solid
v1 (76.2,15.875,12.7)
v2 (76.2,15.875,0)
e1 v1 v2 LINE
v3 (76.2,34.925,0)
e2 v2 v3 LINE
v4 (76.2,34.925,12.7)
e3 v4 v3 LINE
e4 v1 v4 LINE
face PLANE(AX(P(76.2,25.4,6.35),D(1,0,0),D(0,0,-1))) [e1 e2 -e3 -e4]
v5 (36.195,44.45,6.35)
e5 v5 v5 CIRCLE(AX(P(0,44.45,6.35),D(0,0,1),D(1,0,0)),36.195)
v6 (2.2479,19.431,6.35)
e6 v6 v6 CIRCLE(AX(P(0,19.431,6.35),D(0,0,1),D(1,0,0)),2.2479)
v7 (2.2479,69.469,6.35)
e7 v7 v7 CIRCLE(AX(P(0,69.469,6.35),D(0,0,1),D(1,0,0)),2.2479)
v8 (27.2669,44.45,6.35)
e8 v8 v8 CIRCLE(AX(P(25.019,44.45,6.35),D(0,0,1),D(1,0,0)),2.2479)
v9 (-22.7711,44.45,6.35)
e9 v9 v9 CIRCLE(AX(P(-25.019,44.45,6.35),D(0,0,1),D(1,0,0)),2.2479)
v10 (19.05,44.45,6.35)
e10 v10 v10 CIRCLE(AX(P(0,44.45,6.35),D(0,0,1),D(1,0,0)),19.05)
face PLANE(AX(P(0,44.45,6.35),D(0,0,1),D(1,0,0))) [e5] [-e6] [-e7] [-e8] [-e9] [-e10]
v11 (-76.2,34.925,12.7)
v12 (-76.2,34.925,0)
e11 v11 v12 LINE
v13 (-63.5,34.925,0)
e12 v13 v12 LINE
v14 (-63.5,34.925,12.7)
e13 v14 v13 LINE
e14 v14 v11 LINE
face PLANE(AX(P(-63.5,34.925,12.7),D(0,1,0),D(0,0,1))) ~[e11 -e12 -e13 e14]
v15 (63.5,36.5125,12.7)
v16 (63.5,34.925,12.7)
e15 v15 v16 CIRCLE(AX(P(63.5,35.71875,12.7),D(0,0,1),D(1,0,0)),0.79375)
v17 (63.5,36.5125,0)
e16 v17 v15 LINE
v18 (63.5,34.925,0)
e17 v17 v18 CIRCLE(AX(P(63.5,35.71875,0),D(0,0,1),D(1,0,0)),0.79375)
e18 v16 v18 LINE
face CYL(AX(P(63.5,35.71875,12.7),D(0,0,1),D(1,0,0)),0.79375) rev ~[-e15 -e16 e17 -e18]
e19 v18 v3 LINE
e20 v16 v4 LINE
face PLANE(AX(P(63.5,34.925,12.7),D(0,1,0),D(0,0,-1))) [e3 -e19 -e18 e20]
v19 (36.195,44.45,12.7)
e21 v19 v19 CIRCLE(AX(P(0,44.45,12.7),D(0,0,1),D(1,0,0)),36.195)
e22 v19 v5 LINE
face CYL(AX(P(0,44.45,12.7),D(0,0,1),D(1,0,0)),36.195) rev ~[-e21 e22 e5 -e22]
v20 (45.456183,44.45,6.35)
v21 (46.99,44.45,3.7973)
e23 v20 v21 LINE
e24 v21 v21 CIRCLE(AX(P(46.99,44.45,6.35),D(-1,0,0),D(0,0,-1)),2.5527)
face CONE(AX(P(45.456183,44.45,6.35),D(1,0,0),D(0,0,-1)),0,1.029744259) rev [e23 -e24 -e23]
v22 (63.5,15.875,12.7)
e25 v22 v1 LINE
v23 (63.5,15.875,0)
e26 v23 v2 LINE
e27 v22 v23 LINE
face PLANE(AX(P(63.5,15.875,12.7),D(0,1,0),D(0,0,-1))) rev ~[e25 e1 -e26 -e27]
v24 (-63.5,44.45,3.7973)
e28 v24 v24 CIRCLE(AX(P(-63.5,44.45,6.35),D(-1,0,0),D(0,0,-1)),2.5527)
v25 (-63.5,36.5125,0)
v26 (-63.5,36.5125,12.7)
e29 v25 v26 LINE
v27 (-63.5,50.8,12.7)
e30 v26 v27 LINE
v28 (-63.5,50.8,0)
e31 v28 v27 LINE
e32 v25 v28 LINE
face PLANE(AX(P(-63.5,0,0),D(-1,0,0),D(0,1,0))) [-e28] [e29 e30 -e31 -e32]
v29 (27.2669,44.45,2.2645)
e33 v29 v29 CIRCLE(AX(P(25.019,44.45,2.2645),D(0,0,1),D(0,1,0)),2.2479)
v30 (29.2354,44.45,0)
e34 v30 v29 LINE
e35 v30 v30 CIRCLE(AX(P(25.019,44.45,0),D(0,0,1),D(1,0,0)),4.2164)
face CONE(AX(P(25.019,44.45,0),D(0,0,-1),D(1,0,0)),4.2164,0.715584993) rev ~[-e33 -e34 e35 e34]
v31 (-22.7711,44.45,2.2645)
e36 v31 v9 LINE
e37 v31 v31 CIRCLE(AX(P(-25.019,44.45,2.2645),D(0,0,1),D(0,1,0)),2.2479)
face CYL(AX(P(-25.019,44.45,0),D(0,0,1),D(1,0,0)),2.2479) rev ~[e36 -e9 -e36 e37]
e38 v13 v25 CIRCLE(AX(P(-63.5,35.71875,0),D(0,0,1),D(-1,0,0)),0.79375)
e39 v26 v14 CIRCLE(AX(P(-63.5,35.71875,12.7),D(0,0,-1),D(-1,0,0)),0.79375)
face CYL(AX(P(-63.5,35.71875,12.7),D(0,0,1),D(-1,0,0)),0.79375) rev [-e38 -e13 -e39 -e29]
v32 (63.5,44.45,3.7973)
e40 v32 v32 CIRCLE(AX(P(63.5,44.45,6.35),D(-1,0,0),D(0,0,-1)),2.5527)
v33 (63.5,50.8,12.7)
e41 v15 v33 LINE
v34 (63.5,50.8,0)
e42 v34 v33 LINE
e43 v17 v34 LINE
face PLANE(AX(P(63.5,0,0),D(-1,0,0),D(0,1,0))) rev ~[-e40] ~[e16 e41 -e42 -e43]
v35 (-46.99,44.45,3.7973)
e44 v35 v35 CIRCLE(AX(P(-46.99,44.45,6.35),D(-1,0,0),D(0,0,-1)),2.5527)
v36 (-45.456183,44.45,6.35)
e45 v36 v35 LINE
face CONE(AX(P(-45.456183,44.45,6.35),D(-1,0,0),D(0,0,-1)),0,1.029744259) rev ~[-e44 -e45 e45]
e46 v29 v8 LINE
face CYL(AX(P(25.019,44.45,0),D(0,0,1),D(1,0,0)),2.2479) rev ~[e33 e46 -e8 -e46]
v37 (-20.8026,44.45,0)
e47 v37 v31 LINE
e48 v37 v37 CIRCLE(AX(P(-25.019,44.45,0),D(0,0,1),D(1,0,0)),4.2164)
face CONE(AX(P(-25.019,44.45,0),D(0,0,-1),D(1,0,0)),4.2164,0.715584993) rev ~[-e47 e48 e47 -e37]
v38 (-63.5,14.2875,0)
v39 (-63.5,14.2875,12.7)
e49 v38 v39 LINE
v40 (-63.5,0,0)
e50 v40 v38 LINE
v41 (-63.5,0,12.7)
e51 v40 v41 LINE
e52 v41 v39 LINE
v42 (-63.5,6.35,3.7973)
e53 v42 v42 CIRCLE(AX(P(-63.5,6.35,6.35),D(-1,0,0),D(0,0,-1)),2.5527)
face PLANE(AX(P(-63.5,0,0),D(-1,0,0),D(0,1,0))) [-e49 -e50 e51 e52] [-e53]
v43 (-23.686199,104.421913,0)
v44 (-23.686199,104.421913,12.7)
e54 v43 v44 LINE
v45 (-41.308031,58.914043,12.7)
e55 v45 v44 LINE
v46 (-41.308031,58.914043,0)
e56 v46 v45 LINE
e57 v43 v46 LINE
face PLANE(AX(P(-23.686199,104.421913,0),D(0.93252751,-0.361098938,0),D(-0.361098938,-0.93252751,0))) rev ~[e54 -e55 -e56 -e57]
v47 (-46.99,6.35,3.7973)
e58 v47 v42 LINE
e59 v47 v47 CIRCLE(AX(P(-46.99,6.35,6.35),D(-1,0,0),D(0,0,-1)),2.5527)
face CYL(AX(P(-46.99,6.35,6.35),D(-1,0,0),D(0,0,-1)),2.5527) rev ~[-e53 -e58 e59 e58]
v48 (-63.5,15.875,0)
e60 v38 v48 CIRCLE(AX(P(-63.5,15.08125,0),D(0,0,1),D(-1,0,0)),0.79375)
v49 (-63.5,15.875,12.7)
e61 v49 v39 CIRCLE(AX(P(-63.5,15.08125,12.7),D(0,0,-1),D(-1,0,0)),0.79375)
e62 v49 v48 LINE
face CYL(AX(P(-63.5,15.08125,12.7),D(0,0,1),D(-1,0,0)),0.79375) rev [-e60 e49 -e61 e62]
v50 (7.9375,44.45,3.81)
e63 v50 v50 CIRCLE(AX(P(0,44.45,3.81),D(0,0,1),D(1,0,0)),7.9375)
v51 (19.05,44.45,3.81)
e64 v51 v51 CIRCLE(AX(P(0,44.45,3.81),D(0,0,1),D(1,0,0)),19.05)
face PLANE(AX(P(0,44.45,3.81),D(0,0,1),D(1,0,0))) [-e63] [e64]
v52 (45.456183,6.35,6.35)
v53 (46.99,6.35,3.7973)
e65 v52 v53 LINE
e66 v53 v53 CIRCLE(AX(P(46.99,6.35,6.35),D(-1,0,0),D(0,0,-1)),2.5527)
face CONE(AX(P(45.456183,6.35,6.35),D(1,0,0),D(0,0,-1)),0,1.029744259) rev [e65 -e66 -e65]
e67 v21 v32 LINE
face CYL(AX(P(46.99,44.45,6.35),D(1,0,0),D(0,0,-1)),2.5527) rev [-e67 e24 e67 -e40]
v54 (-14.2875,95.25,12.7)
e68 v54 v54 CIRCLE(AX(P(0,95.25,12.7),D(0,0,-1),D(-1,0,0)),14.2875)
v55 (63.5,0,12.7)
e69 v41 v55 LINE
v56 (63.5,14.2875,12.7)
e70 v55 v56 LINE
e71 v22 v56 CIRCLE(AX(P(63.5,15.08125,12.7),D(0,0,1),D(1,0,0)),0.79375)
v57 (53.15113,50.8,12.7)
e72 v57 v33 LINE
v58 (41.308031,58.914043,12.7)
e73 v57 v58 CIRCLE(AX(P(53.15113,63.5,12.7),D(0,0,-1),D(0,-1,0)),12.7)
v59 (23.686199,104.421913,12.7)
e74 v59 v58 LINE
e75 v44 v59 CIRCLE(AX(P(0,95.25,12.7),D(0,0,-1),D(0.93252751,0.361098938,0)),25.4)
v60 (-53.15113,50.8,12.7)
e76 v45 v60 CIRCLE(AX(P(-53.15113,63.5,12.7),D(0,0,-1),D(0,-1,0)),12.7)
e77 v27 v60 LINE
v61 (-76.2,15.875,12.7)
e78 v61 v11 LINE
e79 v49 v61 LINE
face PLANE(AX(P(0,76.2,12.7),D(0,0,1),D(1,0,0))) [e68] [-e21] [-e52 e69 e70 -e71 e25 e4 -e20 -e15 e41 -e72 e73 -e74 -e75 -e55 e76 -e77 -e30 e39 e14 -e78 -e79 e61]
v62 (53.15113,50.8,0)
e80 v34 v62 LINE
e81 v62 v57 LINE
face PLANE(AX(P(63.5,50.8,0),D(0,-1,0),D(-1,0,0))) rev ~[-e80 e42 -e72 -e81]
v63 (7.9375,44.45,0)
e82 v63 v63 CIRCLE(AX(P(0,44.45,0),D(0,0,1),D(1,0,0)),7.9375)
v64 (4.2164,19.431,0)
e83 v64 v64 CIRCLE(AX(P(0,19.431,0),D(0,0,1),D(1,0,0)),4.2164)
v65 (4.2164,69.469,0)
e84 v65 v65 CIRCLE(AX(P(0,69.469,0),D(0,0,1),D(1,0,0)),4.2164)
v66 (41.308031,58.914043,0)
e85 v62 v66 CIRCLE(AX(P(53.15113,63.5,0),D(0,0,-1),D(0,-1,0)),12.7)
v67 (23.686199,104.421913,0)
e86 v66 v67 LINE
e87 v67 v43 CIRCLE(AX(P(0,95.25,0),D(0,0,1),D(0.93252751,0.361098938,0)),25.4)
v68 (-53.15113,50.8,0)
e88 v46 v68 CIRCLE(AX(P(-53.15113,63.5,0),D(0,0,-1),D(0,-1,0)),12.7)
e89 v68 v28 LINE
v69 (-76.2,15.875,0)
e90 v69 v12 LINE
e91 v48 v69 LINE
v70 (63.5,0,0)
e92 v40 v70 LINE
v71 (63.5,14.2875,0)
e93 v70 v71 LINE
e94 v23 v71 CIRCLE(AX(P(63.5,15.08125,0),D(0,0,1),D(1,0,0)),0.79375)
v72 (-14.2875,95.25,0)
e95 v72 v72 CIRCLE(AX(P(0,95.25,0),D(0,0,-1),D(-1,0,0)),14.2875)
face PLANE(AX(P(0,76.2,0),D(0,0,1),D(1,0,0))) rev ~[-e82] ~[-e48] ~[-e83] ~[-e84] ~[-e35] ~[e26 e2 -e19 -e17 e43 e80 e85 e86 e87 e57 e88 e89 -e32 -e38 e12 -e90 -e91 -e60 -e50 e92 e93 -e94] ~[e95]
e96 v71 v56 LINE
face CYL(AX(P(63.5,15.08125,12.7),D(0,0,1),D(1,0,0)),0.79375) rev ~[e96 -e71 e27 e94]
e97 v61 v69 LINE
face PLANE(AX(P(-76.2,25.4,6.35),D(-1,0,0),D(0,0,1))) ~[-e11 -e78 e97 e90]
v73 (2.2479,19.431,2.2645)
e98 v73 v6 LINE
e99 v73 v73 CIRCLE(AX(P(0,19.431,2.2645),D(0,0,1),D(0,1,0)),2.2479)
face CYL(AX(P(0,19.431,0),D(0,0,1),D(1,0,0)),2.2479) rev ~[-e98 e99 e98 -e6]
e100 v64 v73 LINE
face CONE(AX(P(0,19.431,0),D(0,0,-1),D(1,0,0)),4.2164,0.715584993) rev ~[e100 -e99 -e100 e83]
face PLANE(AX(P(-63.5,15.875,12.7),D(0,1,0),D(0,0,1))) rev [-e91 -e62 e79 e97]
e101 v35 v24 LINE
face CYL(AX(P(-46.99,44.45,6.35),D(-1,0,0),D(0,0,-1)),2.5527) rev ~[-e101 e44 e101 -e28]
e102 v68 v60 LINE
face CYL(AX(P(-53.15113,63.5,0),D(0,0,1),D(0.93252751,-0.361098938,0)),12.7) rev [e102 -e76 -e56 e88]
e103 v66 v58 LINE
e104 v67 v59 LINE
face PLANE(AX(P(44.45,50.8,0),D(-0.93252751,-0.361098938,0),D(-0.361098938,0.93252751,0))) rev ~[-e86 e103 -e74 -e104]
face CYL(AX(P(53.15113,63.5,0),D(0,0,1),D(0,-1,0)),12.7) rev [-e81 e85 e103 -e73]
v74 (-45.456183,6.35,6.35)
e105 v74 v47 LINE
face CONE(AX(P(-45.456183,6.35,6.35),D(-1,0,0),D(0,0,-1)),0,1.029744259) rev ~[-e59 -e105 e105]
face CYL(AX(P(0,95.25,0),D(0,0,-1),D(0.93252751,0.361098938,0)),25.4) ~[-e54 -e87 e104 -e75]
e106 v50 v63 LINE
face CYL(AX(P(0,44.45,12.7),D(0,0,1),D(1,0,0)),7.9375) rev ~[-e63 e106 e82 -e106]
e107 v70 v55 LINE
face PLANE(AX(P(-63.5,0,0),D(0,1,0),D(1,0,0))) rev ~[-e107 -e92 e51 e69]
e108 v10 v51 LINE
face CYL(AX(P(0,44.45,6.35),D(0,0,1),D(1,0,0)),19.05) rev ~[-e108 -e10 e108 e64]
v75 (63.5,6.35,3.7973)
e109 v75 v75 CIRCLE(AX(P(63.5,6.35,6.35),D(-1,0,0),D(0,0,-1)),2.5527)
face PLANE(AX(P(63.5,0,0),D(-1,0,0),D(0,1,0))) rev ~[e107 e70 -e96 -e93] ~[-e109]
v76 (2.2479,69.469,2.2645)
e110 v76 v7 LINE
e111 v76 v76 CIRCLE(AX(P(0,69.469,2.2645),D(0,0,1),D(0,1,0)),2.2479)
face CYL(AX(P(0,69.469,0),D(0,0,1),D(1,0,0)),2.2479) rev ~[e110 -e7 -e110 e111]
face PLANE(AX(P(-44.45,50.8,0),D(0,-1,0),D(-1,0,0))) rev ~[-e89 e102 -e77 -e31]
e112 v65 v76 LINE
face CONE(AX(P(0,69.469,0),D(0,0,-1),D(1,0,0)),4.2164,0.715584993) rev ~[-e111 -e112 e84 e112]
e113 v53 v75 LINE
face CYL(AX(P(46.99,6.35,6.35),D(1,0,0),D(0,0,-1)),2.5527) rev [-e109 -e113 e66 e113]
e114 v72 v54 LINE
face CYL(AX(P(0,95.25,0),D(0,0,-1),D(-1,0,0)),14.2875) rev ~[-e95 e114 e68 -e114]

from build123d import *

# Parameters (mm, degrees)
SKETCH1_W                                      = 127
SKETCH1_H                                      = 152.4
BOSS_EXTRUDE1_DEPTH                            = 12.7
SKETCH2_R                                      = 14.2875
CUT_EXTRUDE1_DEPTH                             = 13.7
SKETCH3_R                                      = 7.9375
SKETCH3_R_2                                    = 1.016
CUT_EXTRUDE2_DEPTH                             = 13.7
SKETCH4_R                                      = 36.195
CUT_EXTRUDE3_DEPTH                             = 6.35
SKETCH5_R                                      = 19.05
CUT_EXTRUDE4_DEPTH                             = 2.54
CSK_FOR_8_FLAT_HEAD_MACHINE_SCREW1_D           = 4.4958
CSK_FOR_8_FLAT_HEAD_MACHINE_SCREW1_CSINK_D     = 8.4328
CSK_FOR_8_FLAT_HEAD_MACHINE_SCREW1_CSINK_ANGLE = 82
FILLET1_R                                      = 12.7
F_1_4_20_TAPPED_HOLE1_AT_2_COUNT               = 2
F_1_4_20_TAPPED_HOLE1_AT_2_PITCH               = 38.1
SKETCH10_W                                     = 12.7
SKETCH10_H                                     = 19.05
BOSS_EXTRUDE2_DEPTH                            = 12.7
SKETCH11_R                                     = 0.79375
CUT_EXTRUDE5_DEPTH                             = 13.7


with BuildPart() as part:
    # Sketch1 → Boss-Extrude1 (new body)
    with BuildSketch(Plane.XY):
        with Locations((0, 76.2)):
            Rectangle(SKETCH1_W, SKETCH1_H)
    extrude(amount=BOSS_EXTRUDE1_DEPTH)

    # Sketch2 → Cut-Extrude1 (cut, through all)
    with BuildSketch(Plane(origin=(0, 0, 0), x_dir=(-1, 0, 0), z_dir=(0, 0, -1))):
        with BuildLine():
            Line((44.45, 50.8), (63.5, 50.8))
            Line((63.5, 50.8), (63.5, 152.4))
            Line((63.5, 152.4), (-63.5, 152.4))
            Line((-63.5, 152.4), (-63.5, 50.8))
            Line((-63.5, 50.8), (-44.45, 50.8))
            Line((-44.45, 50.8), (-23.686198751, 104.421913036))
            ThreePointArc((-23.686198751, 104.421913036), (0, 120.65), (23.686198751, 104.421913036))
            Line((23.686198751, 104.421913036), (44.45, 50.8))
        make_face()
        with Locations((0, 95.25)):
            Circle(SKETCH2_R)
    extrude(amount=-CUT_EXTRUDE1_DEPTH, mode=Mode.SUBTRACT)

    # Sketch3 → Cut-Extrude2 (cut, through all)
    with BuildSketch(Plane.XY.offset(12.7)):
        with Locations((0, 44.45)):
            Circle(SKETCH3_R)
        with Locations((-25.019, 44.45)):
            Circle(SKETCH3_R_2)
        with Locations((25.019, 44.45)):
            Circle(SKETCH3_R_2)
        with Locations((0, 69.469)):
            Circle(SKETCH3_R_2)
        with Locations((0, 19.431)):
            Circle(SKETCH3_R_2)
    extrude(amount=-CUT_EXTRUDE2_DEPTH, mode=Mode.SUBTRACT)

    # Sketch4 → Cut-Extrude3 (cut)
    with BuildSketch(Plane.XY.offset(12.7)):
        with Locations((0, 44.45)):
            Circle(SKETCH4_R)
    extrude(amount=-CUT_EXTRUDE3_DEPTH, mode=Mode.SUBTRACT)

    # Sketch5 → Cut-Extrude4 (cut)
    with BuildSketch(Plane.XY.offset(6.35)):
        with Locations((0, 44.45)):
            Circle(SKETCH5_R)
    extrude(amount=-CUT_EXTRUDE4_DEPTH, mode=Mode.SUBTRACT)

    # CSK for #8 Flat Head Machine Screw1 (through all)
    with Locations(Plane(origin=(0, 0, 0), x_dir=(-1, 0, 0), z_dir=(0, 0, -1))):
        with Locations((0, 69.469), (25.019, 44.45), (0, 19.431), (-25.019, 44.45)):
            CounterSinkHole(CSK_FOR_8_FLAT_HEAD_MACHINE_SCREW1_D / 2, CSK_FOR_8_FLAT_HEAD_MACHINE_SCREW1_CSINK_D / 2, counter_sink_angle=CSK_FOR_8_FLAT_HEAD_MACHINE_SCREW1_CSINK_ANGLE)

    # Fillet1
    fillet1_edges = [part.edges().sort_by_distance(p)[0] for p in [
        (44.45, 50.8, 6.35),
        (-44.45, 50.8, 6.35),
    ]]
    fillet(fillet1_edges, radius=FILLET1_R)

    # Sketch8 → 1/4-20 Tapped Hole1 (revolve, cut)
    with BuildSketch(Plane(origin=(63.5, 44.45, 6.35), x_dir=(0, 0, -1), z_dir=(0, 1, 0))):
        Polygon((0, 0), (0, 18.043816902), (2.5527, 16.51), (2.5527, 0), align=None)
    f_1_4_20_tapped_hole1 = revolve(axis=Axis((69.85, 44.45, 6.35), (-1, 0, 0)), mode=Mode.SUBTRACT)

    # 1/4-20 Tapped Hole1 at 2: 1/4-20 Tapped Hole1 ×2
    with Locations(*[(0, -i * F_1_4_20_TAPPED_HOLE1_AT_2_PITCH, 0) for i in range(1, F_1_4_20_TAPPED_HOLE1_AT_2_COUNT)]):
        add(f_1_4_20_tapped_hole1, mode=Mode.SUBTRACT)

    # Sketch10 → Boss-Extrude2 (add)
    with BuildSketch(Plane(origin=(63.5, 0, 0), x_dir=(0, 0, -1), z_dir=(1, 0, 0))):
        with Locations((-6.35, 25.4)):
            Rectangle(SKETCH10_W, SKETCH10_H)
    boss_extrude2 = extrude(amount=BOSS_EXTRUDE2_DEPTH)

    # Sketch11 → Cut-Extrude5 (cut, through all)
    with BuildSketch(Plane.XY.offset(12.7)):
        with Locations((63.5, 35.71875)):
            Circle(SKETCH11_R)
        with Locations((63.5, 15.08125)):
            Circle(SKETCH11_R)
    cut_extrude5 = extrude(amount=-CUT_EXTRUDE5_DEPTH, mode=Mode.SUBTRACT)

    # Mirror1: 1/4-20 Tapped Hole1, Boss-Extrude2, Cut-Extrude5 across plane
    add(f_1_4_20_tapped_hole1.mirror(Plane(origin=(0, 0, 0), x_dir=(0, 0, 1), z_dir=(1, 0, 0))), mode=Mode.SUBTRACT)
    add(boss_extrude2.mirror(Plane(origin=(0, 0, 0), x_dir=(0, 0, 1), z_dir=(1, 0, 0))))
    add(cut_extrude5.mirror(Plane(origin=(0, 0, 0), x_dir=(0, 0, 1), z_dir=(1, 0, 0))), mode=Mode.SUBTRACT)

    # Mirror1 copy 1 sketch → Mirror1 copy 1 (revolve, cut)
    with BuildSketch(Plane(origin=(-63.5, 6.35, 6.35), x_dir=(0, 0, -1), z_dir=(0, 1, 0))):
        Polygon((0, 0), (0, -18.043816902), (2.5527, -16.51), (2.5527, 0), align=None)
    revolve(axis=Axis((-69.85, 6.35, 6.35), (-1, 0, 0)), mode=Mode.SUBTRACT)


solid = part.part
